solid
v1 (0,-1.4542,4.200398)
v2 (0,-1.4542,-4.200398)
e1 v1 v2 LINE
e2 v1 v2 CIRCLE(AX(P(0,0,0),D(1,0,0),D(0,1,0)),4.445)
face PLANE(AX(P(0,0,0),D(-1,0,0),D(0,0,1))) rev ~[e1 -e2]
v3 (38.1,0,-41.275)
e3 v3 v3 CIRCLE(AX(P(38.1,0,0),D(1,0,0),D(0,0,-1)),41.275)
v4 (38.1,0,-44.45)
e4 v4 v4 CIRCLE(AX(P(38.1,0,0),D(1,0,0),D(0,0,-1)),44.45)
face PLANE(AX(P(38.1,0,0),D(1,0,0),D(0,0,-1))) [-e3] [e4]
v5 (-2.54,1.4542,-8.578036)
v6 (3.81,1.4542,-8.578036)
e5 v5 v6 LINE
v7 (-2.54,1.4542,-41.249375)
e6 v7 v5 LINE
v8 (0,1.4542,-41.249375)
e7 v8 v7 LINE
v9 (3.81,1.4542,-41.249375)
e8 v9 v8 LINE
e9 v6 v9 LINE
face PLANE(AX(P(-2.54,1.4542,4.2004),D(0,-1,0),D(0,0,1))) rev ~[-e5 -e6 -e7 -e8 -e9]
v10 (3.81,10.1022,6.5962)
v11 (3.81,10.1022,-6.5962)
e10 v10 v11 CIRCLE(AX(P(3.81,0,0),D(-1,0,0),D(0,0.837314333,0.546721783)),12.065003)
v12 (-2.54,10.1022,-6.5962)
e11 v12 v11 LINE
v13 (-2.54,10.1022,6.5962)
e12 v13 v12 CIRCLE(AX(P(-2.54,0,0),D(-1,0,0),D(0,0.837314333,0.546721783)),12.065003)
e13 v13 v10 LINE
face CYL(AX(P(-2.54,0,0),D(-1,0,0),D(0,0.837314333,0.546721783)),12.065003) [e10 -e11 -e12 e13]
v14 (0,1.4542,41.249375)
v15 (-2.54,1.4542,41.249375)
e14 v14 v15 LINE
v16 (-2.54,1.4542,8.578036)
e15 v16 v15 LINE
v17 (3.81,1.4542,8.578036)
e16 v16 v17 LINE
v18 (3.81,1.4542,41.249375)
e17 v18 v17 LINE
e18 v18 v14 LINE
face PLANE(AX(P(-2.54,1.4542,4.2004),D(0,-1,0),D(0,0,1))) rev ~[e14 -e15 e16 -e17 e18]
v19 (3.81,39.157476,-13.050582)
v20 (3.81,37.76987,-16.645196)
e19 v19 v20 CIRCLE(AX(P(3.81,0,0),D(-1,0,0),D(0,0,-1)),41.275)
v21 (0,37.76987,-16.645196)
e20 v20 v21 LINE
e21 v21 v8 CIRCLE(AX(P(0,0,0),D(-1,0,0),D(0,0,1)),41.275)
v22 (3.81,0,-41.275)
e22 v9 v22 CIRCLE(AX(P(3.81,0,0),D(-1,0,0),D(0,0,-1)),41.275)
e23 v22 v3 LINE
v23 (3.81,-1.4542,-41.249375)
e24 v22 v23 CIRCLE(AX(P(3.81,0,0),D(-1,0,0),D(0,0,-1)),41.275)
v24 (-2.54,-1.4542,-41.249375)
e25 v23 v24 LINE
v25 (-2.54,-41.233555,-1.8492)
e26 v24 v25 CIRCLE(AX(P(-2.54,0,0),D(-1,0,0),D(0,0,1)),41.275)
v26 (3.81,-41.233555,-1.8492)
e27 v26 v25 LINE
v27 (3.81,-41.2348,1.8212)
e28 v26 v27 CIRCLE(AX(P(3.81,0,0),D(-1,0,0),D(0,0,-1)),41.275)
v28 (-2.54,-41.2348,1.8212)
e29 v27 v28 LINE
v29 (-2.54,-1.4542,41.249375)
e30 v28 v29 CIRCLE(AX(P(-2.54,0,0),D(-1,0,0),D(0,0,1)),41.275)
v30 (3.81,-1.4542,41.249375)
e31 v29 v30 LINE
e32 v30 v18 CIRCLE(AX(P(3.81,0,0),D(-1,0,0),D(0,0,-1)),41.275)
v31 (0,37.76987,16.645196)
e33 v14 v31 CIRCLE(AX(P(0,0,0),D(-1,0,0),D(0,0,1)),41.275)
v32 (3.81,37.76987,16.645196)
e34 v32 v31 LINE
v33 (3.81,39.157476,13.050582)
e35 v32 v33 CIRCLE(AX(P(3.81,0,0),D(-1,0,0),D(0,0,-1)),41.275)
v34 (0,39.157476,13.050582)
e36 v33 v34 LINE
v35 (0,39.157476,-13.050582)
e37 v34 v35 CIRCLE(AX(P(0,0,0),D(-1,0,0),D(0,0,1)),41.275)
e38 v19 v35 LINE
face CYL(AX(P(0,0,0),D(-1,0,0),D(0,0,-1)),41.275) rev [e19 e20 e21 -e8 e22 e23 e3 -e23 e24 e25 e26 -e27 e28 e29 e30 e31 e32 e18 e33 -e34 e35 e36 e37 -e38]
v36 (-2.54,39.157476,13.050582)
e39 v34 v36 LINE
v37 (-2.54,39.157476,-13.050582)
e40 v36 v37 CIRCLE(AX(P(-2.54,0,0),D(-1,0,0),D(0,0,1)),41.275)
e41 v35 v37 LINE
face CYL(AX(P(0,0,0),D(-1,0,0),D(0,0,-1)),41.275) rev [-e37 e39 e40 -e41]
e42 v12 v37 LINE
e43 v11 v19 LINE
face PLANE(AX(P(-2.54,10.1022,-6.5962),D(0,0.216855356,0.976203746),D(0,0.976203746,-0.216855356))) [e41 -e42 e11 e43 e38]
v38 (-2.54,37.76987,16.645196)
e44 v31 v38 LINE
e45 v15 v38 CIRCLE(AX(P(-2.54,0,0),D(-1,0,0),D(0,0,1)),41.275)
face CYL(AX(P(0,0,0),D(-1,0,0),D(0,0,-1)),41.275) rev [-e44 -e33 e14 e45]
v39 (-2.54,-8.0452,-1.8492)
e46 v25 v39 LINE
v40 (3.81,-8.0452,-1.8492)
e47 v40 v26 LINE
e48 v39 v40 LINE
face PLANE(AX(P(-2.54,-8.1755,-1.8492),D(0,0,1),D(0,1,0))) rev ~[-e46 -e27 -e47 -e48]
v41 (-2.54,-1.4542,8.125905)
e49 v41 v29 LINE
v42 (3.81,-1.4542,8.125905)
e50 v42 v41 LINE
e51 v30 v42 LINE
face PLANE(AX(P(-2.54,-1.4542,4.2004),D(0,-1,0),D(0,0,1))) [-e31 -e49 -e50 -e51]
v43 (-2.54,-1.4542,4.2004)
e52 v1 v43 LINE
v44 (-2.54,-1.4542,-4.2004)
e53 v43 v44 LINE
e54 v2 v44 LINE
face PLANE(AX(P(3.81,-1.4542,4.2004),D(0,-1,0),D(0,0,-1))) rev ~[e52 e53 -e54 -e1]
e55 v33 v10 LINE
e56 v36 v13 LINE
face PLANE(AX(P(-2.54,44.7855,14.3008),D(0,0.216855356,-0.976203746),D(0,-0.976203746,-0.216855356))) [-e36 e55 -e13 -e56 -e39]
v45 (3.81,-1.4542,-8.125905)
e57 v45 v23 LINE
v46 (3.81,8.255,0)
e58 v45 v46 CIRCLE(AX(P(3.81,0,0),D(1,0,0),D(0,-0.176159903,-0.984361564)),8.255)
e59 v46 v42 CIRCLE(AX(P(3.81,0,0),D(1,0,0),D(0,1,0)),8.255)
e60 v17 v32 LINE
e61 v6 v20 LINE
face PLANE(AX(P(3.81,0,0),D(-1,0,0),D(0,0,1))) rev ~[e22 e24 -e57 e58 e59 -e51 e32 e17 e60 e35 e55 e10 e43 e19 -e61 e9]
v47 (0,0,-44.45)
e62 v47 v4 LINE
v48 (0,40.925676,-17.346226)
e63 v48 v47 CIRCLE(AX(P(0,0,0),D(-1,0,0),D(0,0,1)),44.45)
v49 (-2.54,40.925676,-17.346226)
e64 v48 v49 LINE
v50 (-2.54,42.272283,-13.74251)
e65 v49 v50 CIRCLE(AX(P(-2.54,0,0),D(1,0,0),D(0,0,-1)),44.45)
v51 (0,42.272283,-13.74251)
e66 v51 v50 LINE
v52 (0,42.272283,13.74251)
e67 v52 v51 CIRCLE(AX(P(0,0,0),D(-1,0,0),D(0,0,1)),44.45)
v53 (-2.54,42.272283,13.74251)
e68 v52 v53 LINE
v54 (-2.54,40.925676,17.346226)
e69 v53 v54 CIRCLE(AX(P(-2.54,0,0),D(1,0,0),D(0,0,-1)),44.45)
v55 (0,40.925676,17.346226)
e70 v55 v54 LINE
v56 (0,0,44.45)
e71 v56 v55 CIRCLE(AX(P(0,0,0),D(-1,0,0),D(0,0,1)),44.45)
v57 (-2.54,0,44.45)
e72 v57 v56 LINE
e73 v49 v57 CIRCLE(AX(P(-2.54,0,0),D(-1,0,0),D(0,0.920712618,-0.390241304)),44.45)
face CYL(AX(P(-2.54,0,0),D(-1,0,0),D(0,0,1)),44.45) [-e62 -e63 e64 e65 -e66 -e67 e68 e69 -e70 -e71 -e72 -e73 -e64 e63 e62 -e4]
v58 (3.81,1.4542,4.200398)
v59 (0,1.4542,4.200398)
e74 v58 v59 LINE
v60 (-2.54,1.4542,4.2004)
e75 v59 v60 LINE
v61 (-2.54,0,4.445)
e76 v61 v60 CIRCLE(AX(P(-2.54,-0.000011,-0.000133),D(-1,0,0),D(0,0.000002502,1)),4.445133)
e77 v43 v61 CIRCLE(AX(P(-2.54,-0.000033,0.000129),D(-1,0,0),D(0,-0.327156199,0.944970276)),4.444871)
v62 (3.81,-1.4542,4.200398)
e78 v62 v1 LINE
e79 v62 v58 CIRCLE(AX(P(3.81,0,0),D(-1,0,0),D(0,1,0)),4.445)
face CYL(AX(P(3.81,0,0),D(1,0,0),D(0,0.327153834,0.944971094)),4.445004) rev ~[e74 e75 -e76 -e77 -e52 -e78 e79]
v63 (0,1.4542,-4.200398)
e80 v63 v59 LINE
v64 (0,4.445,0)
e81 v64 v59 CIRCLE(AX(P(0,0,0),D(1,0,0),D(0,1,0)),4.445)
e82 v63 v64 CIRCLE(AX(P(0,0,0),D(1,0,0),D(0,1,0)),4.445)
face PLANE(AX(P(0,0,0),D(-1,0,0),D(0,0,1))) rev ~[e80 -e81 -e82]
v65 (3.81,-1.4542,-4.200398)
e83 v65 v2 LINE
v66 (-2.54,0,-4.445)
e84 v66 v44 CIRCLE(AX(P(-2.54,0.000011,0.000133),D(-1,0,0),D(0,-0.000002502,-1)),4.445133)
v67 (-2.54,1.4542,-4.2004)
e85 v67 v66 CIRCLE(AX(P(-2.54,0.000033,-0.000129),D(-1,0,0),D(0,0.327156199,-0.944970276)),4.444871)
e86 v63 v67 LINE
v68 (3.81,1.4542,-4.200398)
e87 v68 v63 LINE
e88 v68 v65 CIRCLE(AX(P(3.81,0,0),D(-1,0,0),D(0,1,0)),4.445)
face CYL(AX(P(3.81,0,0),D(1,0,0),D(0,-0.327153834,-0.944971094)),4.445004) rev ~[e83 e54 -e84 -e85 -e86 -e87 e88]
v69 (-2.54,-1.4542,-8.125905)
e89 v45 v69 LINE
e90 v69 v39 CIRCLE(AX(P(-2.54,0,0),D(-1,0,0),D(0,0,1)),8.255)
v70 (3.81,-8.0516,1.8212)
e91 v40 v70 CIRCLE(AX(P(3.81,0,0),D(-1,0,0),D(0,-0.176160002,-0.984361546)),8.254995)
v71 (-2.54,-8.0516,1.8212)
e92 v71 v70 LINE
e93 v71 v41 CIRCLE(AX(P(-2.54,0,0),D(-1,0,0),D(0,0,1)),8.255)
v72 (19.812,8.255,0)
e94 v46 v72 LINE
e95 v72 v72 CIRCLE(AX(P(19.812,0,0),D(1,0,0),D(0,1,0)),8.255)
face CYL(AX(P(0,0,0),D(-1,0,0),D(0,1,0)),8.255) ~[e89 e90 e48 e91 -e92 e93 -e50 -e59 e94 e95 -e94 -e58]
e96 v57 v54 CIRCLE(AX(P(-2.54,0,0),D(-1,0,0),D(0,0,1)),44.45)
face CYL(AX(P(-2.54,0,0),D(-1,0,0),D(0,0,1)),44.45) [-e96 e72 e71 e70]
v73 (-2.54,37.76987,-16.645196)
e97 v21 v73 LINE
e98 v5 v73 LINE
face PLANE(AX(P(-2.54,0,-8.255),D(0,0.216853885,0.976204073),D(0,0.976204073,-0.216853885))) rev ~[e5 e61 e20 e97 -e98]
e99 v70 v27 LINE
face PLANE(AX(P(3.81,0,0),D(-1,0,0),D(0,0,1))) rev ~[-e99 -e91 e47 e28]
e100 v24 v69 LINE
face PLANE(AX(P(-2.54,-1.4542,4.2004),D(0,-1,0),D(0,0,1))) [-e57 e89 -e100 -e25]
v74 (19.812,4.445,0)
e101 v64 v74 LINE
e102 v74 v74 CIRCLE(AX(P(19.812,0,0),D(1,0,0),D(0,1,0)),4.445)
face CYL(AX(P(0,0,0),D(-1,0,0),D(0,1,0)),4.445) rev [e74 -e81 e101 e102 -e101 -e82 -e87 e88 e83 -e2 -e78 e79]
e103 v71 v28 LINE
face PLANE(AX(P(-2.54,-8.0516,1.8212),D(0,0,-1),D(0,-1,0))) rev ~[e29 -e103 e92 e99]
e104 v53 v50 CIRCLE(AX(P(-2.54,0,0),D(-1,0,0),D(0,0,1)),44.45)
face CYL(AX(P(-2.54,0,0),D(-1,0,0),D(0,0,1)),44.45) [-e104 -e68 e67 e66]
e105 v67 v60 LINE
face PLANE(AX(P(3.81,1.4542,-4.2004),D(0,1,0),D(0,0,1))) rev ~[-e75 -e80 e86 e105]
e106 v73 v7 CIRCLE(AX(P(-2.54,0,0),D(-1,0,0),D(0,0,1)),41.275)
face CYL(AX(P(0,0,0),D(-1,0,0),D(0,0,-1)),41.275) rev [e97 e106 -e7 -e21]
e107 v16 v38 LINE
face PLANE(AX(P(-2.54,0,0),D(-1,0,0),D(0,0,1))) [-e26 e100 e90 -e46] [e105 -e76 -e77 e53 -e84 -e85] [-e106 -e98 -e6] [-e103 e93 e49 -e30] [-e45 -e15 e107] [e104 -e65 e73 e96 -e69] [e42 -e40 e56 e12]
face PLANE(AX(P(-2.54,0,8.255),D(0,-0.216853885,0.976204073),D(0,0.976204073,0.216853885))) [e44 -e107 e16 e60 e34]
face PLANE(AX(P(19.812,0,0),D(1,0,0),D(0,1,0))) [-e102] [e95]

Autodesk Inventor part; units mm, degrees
ref_plane "YZ Plane" through (0, 0, 0) normal (1, 0, 0) x (0, 1, 0)
ref_plane "XZ Plane" through (0, 0, 0) normal (0, 1, 0) x (-1, 0, 0)
ref_plane "XY Plane" through (0, 0, 0) normal (0, 0, 1) x (1, 0, 0)
sketch "Sketch1" plane through (0, 0, 0) normal (1, 0, 0) x (0, 1, 0)
  circle A0 centre (0, 0) radius 4.445
  circle A1 centre (0, 0) radius 8.255
  dimension "d0" = 8.89
  dimension "d1" = 3.81
extrude "Extrusion1" add sketch "Sketch1" along normal blind 19.812
sketch "Sketch2" plane through (0, 0, 0) normal (-1, 0, 0) x (0, 0, 1)
  circle A0 centre (0, 0) radius 8.255
  circle A1 centre (0, 0) radius 7.747
  circle A2 centre (0, 0) radius 8.255 projected
  dimension "d42" = 0
extrude "Extrusion2" add sketch "Sketch2" along normal blind 2.54 contours A0 | A1
sketch "Sketch3" plane through (-2.54, 0, 0) normal (-1, 0, 0) x (0, 0, 1)
  line L0 (19.05, 48.5955) -> (-19.05, 48.5955)
  circle A0 centre (0, 0) radius 8.255 projected
  line L1 (8.255, 0) -> (19.05, 48.5955)
  line L2 (-8.255, 0) -> (-19.05, 48.5955)
  arc A1 (8.255, 0) -> (-8.255, 0) centre (0, 0) ccw
  line L3 (-14.3008, 44.7855) -> (14.3008, 44.7855)
  line L4 (14.3008, 44.7855) -> (6.5962, 10.1022)
  arc A2 (6.5962, 10.1022) -> (-6.5962, 10.1022) centre (0, 0) ccw
  line L5 (-6.5962, 10.1022) -> (-14.3008, 44.7855)
  dimension "d6" = 38.1
  dimension "d7" = 19.05
  dimension "d8" = 3.81
extrude "Extrusion3" add sketch "Sketch3" against normal blind 6.35 contours L1 A0 L2 L0
sketch "Sketch6" plane through (-2.54, 44.7855, -14.3008) normal (0, -1, 0) x (1, 0, 0)
  line L0 (6.35, 32.4159) -> (26.9875, 32.4159) projected
  line L1 (13.4874, 32.4159) -> (13.4874, 26.0989)
  line L2 (26.9875, 32.4159) -> (26.9875, -3.9117) projected
  point P0 (2.54, 14.3008)
  dimension "d20" = 13.5001
sketch "Sketch10" plane through (0, 0, 0) normal (1, 0, 0) x (0, 0, -1)
  circle A0 centre (0, 0) radius 1.4542
  line L0 (-4.445, 1.4542) -> (4.445, 1.4542)
  line L1 (4.445, 1.4542) -> (4.445, -1.4542)
  line L2 (4.445, -1.4542) -> (-4.445, -1.4542)
  line L3 (-4.445, -1.4542) -> (-4.445, 1.4542)
  circle A1 centre (0, 0) radius 4.445 projected
  dimension "d43" = 0
  dimension "d44" = 0
extrude "Extrusion7" cut sketch "Sketch10" against normal blind 22.225 contours A0 | A0 L0 A1 L2 | A0 L2 A1 L0 | A1 L3 L0 | L0 L1 A1 | A1 L1 L2 | L2 L3 A1
sketch "Sketch14" plane through (0, 0, 0) normal (-1, 0, 0) x (0, 0, 1)
  arc A0 (4.2004, -1.4542) -> (4.445, 0) centre (0, 0) ccw projected
  line L0 (4.2004, -1.4542) -> (4.445, -1.4542) projected
  line L1 (4.445, -1.4542) -> (4.445, 0) projected
  arc A1 (4.445, 0) -> (4.2004, 1.4542) centre (0, 0) ccw projected
  line L2 (4.445, 0) -> (4.445, 1.4542) projected
  line L3 (4.445, 1.4542) -> (4.2004, 1.4542) projected
  arc A2 (-4.445, 0) -> (-4.2004, -1.4542) centre (0, 0) ccw projected
  line L4 (-4.445, 0) -> (-4.445, -1.4542) projected
  line L5 (-4.445, -1.4542) -> (-4.2004, -1.4542) projected
  arc A3 (-4.2004, 1.4542) -> (-4.445, 0) centre (0, 0) ccw projected
  line L6 (-4.2004, 1.4542) -> (-4.445, 1.4542) projected
  line L7 (-4.445, 1.4542) -> (-4.445, 0) projected
extrude "Extrusion10" add sketch "Sketch14" along normal blind 2.54
sketch "Sketch15" plane through (-2.54, 0, 0) normal (-1, 0, 0) x (0, 0, 1)
  circle A0 centre (0, 0) radius 41.275
  circle A1 centre (0, 0) radius 44.45
  dimension "d47" = 82.55
  dimension "d48" = 88.9
extrude "Extrusion11" add sketch "Sketch15" against normal blind 2.54
sketch "Sketch16" plane through (0, 0, 0) normal (1, 0, 0) x (0, 0, -1)
  circle A0 centre (0, 0) radius 44.45
  circle A1 centre (0, 0) radius 41.275
  dimension "d51" = 82.55
extrude "Extrusion12" add sketch "Sketch16" along normal blind 38.1
sketch "Sketch19" plane through (-2.54, 0, 0) normal (-1, 0, 0) x (0, 0, 1)
  line L0 (4.2004, 1.4542) -> (-4.2004, 1.4542) projected
  arc A0 (-16.6452, 37.7699) -> (16.6452, 37.7699) centre (0, 0) ccw projected
  line L1 (-4.2004, 1.4542) -> (-41.2494, 1.4542)
  line L2 (4.2004, 1.4542) -> (41.2494, 1.4542)
  circle A1 centre (0, 0) radius 8.382
  line L3 (-4.2004, -1.4542) -> (4.2004, -1.4542)
  line L4 (4.2004, 1.4542) -> (-4.2004, 1.4542)
  line L5 (-41.2494, -1.4542) -> (41.2494, -1.4542)
extrude "Extrusion14" add sketch "Sketch19" against normal blind 6.35 contours L2 A1 L5 L3 L1 L0 | L2 A0 L5 A1 | A1 L5 A0 L1
sketch "Sketch20" plane through (3.81, 0, 0) normal (1, 0, 0) x (0, 0, -1)
  arc A0 (4.2004, -1.4542) -> (4.2004, 1.4542) centre (0, 0) ccw projected
  line L0 (4.2004, 1.4542) -> (-4.2004, 1.4542) projected
  arc A1 (-4.2004, 1.4542) -> (-4.2004, -1.4542) centre (0, 0) ccw projected
  line L1 (-4.2004, -1.4542) -> (4.2004, -1.4542) projected
extrude "Extrusion15" cut sketch "Sketch20" against normal blind 6.35
sketch "Sketch21" plane through (-2.54, 0, 0) normal (-1, 0, 0) x (0, 0, 1)
  arc A0 (-8.1259, -1.4542) -> (8.1259, -1.4542) centre (0, 0) ccw projected
  line L0 (1.8212, -8.0516) -> (1.8212, -41.2348)
  arc A1 (-41.2494, -1.4542) -> (41.2494, -1.4542) centre (0, 0) ccw projected
  line L1 (-1.8492, -41.2336) -> (-1.8492, -8.1755)
  arc A2 (-1.8492, -41.2336) -> (1.8212, -41.2348) centre (0, 0) ccw
  circle A3 centre (0, 0) radius 8.255 projected
  arc A4 (-1.8492, -8.0452) -> (1.8212, -8.0516) centre (0, 0) ccw
  line L2 (-1.8492, -8.1755) -> (-1.8492, -8.0452)
extrude "Extrusion16" add sketch "Sketch21" against normal blind 6.35 contours A0 L0 A1 L1 L2
sketch "Sketch24" plane through (38.1, 0, 0) normal (1, 0, 0) x (0, 0, -1)
  circle A0 centre (0, 0) radius 53.866
  circle A1 centre (0, 0) radius 44.45
extrude "Extrusion18" cut sketch "Sketch24" against normal blind 61.9125
properties part number "Lift motor v2[FINAL]"
